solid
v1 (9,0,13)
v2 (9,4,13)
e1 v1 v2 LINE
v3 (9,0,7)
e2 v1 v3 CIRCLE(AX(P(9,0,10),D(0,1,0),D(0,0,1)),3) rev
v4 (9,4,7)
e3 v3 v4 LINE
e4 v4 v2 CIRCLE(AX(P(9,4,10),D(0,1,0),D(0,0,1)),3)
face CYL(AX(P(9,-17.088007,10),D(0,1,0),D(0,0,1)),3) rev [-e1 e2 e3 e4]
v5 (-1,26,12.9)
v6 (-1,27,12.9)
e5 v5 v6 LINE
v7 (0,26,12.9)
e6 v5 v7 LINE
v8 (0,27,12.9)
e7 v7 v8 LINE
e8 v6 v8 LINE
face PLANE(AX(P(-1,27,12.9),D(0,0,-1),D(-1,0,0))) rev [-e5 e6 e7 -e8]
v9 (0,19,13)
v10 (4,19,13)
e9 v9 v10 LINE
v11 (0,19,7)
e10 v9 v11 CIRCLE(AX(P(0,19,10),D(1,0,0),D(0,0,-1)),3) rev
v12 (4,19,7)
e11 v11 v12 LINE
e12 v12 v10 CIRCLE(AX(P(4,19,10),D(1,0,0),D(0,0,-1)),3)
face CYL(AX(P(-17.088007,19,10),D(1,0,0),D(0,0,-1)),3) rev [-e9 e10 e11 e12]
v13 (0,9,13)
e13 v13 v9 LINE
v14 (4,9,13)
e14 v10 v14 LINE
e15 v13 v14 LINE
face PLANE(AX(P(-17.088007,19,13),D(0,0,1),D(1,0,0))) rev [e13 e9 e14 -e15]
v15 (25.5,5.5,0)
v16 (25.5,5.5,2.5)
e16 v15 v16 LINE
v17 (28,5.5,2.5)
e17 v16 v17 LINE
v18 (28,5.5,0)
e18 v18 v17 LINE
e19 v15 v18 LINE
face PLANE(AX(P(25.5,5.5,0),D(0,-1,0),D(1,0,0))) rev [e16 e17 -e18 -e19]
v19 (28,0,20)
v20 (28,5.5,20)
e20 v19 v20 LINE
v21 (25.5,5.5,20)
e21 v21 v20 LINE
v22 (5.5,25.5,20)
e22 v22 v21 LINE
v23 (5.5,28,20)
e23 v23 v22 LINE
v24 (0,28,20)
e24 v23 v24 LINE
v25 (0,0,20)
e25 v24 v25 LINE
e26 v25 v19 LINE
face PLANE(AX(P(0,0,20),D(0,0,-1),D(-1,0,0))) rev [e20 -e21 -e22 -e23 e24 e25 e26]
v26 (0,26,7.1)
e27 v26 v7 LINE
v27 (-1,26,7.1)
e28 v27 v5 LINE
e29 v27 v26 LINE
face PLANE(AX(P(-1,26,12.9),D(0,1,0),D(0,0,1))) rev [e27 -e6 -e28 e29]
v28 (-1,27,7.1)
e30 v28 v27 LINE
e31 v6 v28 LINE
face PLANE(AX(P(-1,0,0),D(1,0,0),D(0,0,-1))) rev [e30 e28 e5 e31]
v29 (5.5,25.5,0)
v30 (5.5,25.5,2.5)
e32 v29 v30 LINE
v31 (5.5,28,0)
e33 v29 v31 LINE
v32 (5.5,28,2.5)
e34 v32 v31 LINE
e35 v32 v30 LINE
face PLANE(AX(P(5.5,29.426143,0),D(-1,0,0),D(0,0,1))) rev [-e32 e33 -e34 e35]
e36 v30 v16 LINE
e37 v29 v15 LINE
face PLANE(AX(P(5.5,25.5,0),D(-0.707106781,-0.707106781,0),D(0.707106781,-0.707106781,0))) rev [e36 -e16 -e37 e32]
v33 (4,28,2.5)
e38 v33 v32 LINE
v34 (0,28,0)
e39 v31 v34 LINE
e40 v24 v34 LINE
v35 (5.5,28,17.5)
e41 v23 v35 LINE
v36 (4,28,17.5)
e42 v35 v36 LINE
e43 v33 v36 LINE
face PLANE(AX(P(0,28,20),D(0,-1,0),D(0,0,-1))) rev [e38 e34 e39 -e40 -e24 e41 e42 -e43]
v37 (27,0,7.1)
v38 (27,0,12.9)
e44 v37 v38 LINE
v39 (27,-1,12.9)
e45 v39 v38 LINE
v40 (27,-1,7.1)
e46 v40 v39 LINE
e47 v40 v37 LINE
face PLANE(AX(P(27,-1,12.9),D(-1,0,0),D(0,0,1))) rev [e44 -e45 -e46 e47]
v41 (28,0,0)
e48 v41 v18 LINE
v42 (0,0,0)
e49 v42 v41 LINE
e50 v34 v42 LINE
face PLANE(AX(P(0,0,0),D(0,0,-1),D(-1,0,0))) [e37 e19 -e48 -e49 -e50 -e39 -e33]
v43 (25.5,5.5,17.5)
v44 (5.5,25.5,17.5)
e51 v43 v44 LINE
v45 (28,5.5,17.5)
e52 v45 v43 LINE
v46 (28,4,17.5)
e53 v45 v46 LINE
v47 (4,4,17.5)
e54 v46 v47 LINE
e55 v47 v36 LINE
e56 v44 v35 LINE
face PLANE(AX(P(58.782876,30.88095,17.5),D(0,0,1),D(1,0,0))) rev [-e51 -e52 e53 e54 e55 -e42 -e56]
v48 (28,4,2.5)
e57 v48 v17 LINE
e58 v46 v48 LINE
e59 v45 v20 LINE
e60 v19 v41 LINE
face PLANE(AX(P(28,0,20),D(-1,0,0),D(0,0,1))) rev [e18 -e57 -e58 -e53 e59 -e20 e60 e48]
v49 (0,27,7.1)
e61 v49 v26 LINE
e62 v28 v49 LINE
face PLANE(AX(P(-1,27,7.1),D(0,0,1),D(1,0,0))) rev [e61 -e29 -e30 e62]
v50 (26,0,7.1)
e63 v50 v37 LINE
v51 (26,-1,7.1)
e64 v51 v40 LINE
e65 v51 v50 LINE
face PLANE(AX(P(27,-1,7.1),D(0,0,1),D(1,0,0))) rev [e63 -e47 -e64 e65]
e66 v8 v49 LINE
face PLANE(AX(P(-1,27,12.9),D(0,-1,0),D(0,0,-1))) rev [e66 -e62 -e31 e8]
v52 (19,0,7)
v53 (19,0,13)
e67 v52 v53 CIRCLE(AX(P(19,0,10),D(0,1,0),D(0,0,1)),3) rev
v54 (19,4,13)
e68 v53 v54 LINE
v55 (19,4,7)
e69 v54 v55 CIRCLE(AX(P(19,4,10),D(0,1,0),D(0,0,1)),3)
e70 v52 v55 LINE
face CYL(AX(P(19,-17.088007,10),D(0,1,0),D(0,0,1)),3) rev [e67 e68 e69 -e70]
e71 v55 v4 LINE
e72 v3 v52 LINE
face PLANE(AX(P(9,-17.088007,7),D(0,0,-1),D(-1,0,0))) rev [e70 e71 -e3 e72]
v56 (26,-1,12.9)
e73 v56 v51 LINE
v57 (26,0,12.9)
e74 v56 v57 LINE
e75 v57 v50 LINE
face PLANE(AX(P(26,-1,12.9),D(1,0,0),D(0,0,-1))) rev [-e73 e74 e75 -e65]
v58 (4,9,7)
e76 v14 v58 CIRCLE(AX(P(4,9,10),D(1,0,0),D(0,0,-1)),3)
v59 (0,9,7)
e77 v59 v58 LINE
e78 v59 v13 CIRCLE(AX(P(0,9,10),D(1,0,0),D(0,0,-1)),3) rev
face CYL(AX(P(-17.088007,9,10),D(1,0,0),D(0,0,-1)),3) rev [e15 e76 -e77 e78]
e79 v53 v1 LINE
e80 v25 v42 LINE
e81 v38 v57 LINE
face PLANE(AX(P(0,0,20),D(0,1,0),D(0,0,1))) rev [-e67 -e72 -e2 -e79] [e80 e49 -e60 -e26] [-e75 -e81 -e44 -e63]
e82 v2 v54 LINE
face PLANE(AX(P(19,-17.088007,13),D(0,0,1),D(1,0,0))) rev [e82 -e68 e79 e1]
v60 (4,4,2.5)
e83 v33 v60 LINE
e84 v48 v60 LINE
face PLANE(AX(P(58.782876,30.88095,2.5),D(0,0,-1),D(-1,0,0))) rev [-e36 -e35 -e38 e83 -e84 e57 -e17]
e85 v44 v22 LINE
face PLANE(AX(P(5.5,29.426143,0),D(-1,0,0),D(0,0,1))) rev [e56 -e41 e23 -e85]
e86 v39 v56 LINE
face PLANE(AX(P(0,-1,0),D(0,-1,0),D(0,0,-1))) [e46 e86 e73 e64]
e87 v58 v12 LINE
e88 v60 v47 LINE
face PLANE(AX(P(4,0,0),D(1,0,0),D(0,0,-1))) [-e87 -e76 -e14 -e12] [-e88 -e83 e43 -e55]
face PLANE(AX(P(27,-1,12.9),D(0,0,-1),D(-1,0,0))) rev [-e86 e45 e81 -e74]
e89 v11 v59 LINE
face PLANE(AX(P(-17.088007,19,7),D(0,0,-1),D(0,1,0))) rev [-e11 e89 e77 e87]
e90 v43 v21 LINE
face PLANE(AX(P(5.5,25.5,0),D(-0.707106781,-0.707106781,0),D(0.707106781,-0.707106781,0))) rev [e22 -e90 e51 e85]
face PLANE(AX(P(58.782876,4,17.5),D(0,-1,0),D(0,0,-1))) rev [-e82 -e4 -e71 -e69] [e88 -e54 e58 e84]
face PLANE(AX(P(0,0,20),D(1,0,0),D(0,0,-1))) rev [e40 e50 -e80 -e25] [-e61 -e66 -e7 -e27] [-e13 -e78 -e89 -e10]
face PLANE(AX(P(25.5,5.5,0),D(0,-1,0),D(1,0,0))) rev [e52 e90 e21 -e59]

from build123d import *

# Parameters (mm, degrees)
SKETCH1_W           = 28
SKETCH1_H           = 28
BOSS_EXTRUDE1_DEPTH = 20
CUT_EXTRUDE1_DEPTH  = 45.362146026
CUT_EXTRUDE2_REACH  = 43.952
SKETCH3_W           = 15
SKETCH3_H           = 26.880949604
CUT_EXTRUDE3_DEPTH  = 4
CUT_EXTRUDE4_DEPTH  = 4
SKETCH6_W           = 5.8
SKETCH6_H           = 1
BOSS_EXTRUDE2_DEPTH = 1
SKETCH7_W           = 1
SKETCH7_H           = 5.8
BOSS_EXTRUDE3_DEPTH = 1


with BuildPart() as part:
    # Sketch1 → Boss-Extrude1 (new body)
    with BuildSketch(Plane.XY):
        with Locations((14, 14)):
            Rectangle(SKETCH1_W, SKETCH1_H)
    extrude(amount=BOSS_EXTRUDE1_DEPTH)

    # Sketch2 → Cut-Extrude1 (cut, through all)
    with BuildSketch(Plane.XY.offset(20)):
        Polygon((5.5, 29.426142622), (5.5, 25.5), (25.5, 5.5), (30.244346823, 5.5), (30.244346823, 29.426142622), align=None)
    extrude(amount=-CUT_EXTRUDE1_DEPTH, mode=Mode.SUBTRACT)

    # Cut-Extrude2: up to this face of the body (flat: up to its plane)
    cut_extrude2_end = Plane(part.part.faces().sort_by_distance((28, 2.75, 10))[0])
    # Sketch3 → Cut-Extrude2 (cut, up to the picked face)
    with BuildSketch(Plane.ZY.offset(-4), mode=Mode.PRIVATE) as cut_extrude2_sk1:
        with Locations((10, 17.440474802)):
            Rectangle(SKETCH3_W, SKETCH3_H)
    cut_extrude2_tool1 = split(extrude(cut_extrude2_sk1.sketch, amount=-CUT_EXTRUDE2_REACH, mode=Mode.PRIVATE), bisect_by=cut_extrude2_end, keep=Keep.BOTH, mode=Mode.PRIVATE)
    add(cut_extrude2_tool1.solids().sort_by(Axis((4, 17.440475, 10), (1, 0, 0)))[0], mode=Mode.SUBTRACT)

    # Sketch4 → Cut-Extrude3 (cut)
    with BuildSketch(Plane(origin=(4, 0, 0), x_dir=(0, 0, -1), z_dir=(1, 0, 0))):
        with BuildLine():
            Line((-13, 19), (-13, 9))
            ThreePointArc((-13, 9), (-10, 6), (-7, 9))
            Line((-7, 9), (-7, 19))
            ThreePointArc((-7, 19), (-10, 22), (-13, 19))
        make_face()
    extrude(amount=-CUT_EXTRUDE3_DEPTH, mode=Mode.SUBTRACT)

    # Sketch5 → Cut-Extrude4 (cut)
    with BuildSketch(Plane(origin=(0, 4, 0), x_dir=(1, 0, 0), z_dir=(0, 1, 0))):
        with BuildLine():
            Line((19, -13), (9, -13))
            ThreePointArc((9, -13), (6, -10), (9, -7))
            Line((9, -7), (19, -7))
            ThreePointArc((19, -7), (22, -10), (19, -13))
        make_face()
    extrude(amount=-CUT_EXTRUDE4_DEPTH, mode=Mode.SUBTRACT)

    # Sketch6 → Boss-Extrude2 (add)
    with BuildSketch(Plane.ZY):
        with Locations((10, 26.5)):
            Rectangle(SKETCH6_W, SKETCH6_H)
    extrude(amount=BOSS_EXTRUDE2_DEPTH)

    # Sketch7 → Boss-Extrude3 (add)
    with BuildSketch(Plane.XZ):
        with Locations((26.5, 10)):
            Rectangle(SKETCH7_W, SKETCH7_H)
    extrude(amount=BOSS_EXTRUDE3_DEPTH)


solid = part.part
